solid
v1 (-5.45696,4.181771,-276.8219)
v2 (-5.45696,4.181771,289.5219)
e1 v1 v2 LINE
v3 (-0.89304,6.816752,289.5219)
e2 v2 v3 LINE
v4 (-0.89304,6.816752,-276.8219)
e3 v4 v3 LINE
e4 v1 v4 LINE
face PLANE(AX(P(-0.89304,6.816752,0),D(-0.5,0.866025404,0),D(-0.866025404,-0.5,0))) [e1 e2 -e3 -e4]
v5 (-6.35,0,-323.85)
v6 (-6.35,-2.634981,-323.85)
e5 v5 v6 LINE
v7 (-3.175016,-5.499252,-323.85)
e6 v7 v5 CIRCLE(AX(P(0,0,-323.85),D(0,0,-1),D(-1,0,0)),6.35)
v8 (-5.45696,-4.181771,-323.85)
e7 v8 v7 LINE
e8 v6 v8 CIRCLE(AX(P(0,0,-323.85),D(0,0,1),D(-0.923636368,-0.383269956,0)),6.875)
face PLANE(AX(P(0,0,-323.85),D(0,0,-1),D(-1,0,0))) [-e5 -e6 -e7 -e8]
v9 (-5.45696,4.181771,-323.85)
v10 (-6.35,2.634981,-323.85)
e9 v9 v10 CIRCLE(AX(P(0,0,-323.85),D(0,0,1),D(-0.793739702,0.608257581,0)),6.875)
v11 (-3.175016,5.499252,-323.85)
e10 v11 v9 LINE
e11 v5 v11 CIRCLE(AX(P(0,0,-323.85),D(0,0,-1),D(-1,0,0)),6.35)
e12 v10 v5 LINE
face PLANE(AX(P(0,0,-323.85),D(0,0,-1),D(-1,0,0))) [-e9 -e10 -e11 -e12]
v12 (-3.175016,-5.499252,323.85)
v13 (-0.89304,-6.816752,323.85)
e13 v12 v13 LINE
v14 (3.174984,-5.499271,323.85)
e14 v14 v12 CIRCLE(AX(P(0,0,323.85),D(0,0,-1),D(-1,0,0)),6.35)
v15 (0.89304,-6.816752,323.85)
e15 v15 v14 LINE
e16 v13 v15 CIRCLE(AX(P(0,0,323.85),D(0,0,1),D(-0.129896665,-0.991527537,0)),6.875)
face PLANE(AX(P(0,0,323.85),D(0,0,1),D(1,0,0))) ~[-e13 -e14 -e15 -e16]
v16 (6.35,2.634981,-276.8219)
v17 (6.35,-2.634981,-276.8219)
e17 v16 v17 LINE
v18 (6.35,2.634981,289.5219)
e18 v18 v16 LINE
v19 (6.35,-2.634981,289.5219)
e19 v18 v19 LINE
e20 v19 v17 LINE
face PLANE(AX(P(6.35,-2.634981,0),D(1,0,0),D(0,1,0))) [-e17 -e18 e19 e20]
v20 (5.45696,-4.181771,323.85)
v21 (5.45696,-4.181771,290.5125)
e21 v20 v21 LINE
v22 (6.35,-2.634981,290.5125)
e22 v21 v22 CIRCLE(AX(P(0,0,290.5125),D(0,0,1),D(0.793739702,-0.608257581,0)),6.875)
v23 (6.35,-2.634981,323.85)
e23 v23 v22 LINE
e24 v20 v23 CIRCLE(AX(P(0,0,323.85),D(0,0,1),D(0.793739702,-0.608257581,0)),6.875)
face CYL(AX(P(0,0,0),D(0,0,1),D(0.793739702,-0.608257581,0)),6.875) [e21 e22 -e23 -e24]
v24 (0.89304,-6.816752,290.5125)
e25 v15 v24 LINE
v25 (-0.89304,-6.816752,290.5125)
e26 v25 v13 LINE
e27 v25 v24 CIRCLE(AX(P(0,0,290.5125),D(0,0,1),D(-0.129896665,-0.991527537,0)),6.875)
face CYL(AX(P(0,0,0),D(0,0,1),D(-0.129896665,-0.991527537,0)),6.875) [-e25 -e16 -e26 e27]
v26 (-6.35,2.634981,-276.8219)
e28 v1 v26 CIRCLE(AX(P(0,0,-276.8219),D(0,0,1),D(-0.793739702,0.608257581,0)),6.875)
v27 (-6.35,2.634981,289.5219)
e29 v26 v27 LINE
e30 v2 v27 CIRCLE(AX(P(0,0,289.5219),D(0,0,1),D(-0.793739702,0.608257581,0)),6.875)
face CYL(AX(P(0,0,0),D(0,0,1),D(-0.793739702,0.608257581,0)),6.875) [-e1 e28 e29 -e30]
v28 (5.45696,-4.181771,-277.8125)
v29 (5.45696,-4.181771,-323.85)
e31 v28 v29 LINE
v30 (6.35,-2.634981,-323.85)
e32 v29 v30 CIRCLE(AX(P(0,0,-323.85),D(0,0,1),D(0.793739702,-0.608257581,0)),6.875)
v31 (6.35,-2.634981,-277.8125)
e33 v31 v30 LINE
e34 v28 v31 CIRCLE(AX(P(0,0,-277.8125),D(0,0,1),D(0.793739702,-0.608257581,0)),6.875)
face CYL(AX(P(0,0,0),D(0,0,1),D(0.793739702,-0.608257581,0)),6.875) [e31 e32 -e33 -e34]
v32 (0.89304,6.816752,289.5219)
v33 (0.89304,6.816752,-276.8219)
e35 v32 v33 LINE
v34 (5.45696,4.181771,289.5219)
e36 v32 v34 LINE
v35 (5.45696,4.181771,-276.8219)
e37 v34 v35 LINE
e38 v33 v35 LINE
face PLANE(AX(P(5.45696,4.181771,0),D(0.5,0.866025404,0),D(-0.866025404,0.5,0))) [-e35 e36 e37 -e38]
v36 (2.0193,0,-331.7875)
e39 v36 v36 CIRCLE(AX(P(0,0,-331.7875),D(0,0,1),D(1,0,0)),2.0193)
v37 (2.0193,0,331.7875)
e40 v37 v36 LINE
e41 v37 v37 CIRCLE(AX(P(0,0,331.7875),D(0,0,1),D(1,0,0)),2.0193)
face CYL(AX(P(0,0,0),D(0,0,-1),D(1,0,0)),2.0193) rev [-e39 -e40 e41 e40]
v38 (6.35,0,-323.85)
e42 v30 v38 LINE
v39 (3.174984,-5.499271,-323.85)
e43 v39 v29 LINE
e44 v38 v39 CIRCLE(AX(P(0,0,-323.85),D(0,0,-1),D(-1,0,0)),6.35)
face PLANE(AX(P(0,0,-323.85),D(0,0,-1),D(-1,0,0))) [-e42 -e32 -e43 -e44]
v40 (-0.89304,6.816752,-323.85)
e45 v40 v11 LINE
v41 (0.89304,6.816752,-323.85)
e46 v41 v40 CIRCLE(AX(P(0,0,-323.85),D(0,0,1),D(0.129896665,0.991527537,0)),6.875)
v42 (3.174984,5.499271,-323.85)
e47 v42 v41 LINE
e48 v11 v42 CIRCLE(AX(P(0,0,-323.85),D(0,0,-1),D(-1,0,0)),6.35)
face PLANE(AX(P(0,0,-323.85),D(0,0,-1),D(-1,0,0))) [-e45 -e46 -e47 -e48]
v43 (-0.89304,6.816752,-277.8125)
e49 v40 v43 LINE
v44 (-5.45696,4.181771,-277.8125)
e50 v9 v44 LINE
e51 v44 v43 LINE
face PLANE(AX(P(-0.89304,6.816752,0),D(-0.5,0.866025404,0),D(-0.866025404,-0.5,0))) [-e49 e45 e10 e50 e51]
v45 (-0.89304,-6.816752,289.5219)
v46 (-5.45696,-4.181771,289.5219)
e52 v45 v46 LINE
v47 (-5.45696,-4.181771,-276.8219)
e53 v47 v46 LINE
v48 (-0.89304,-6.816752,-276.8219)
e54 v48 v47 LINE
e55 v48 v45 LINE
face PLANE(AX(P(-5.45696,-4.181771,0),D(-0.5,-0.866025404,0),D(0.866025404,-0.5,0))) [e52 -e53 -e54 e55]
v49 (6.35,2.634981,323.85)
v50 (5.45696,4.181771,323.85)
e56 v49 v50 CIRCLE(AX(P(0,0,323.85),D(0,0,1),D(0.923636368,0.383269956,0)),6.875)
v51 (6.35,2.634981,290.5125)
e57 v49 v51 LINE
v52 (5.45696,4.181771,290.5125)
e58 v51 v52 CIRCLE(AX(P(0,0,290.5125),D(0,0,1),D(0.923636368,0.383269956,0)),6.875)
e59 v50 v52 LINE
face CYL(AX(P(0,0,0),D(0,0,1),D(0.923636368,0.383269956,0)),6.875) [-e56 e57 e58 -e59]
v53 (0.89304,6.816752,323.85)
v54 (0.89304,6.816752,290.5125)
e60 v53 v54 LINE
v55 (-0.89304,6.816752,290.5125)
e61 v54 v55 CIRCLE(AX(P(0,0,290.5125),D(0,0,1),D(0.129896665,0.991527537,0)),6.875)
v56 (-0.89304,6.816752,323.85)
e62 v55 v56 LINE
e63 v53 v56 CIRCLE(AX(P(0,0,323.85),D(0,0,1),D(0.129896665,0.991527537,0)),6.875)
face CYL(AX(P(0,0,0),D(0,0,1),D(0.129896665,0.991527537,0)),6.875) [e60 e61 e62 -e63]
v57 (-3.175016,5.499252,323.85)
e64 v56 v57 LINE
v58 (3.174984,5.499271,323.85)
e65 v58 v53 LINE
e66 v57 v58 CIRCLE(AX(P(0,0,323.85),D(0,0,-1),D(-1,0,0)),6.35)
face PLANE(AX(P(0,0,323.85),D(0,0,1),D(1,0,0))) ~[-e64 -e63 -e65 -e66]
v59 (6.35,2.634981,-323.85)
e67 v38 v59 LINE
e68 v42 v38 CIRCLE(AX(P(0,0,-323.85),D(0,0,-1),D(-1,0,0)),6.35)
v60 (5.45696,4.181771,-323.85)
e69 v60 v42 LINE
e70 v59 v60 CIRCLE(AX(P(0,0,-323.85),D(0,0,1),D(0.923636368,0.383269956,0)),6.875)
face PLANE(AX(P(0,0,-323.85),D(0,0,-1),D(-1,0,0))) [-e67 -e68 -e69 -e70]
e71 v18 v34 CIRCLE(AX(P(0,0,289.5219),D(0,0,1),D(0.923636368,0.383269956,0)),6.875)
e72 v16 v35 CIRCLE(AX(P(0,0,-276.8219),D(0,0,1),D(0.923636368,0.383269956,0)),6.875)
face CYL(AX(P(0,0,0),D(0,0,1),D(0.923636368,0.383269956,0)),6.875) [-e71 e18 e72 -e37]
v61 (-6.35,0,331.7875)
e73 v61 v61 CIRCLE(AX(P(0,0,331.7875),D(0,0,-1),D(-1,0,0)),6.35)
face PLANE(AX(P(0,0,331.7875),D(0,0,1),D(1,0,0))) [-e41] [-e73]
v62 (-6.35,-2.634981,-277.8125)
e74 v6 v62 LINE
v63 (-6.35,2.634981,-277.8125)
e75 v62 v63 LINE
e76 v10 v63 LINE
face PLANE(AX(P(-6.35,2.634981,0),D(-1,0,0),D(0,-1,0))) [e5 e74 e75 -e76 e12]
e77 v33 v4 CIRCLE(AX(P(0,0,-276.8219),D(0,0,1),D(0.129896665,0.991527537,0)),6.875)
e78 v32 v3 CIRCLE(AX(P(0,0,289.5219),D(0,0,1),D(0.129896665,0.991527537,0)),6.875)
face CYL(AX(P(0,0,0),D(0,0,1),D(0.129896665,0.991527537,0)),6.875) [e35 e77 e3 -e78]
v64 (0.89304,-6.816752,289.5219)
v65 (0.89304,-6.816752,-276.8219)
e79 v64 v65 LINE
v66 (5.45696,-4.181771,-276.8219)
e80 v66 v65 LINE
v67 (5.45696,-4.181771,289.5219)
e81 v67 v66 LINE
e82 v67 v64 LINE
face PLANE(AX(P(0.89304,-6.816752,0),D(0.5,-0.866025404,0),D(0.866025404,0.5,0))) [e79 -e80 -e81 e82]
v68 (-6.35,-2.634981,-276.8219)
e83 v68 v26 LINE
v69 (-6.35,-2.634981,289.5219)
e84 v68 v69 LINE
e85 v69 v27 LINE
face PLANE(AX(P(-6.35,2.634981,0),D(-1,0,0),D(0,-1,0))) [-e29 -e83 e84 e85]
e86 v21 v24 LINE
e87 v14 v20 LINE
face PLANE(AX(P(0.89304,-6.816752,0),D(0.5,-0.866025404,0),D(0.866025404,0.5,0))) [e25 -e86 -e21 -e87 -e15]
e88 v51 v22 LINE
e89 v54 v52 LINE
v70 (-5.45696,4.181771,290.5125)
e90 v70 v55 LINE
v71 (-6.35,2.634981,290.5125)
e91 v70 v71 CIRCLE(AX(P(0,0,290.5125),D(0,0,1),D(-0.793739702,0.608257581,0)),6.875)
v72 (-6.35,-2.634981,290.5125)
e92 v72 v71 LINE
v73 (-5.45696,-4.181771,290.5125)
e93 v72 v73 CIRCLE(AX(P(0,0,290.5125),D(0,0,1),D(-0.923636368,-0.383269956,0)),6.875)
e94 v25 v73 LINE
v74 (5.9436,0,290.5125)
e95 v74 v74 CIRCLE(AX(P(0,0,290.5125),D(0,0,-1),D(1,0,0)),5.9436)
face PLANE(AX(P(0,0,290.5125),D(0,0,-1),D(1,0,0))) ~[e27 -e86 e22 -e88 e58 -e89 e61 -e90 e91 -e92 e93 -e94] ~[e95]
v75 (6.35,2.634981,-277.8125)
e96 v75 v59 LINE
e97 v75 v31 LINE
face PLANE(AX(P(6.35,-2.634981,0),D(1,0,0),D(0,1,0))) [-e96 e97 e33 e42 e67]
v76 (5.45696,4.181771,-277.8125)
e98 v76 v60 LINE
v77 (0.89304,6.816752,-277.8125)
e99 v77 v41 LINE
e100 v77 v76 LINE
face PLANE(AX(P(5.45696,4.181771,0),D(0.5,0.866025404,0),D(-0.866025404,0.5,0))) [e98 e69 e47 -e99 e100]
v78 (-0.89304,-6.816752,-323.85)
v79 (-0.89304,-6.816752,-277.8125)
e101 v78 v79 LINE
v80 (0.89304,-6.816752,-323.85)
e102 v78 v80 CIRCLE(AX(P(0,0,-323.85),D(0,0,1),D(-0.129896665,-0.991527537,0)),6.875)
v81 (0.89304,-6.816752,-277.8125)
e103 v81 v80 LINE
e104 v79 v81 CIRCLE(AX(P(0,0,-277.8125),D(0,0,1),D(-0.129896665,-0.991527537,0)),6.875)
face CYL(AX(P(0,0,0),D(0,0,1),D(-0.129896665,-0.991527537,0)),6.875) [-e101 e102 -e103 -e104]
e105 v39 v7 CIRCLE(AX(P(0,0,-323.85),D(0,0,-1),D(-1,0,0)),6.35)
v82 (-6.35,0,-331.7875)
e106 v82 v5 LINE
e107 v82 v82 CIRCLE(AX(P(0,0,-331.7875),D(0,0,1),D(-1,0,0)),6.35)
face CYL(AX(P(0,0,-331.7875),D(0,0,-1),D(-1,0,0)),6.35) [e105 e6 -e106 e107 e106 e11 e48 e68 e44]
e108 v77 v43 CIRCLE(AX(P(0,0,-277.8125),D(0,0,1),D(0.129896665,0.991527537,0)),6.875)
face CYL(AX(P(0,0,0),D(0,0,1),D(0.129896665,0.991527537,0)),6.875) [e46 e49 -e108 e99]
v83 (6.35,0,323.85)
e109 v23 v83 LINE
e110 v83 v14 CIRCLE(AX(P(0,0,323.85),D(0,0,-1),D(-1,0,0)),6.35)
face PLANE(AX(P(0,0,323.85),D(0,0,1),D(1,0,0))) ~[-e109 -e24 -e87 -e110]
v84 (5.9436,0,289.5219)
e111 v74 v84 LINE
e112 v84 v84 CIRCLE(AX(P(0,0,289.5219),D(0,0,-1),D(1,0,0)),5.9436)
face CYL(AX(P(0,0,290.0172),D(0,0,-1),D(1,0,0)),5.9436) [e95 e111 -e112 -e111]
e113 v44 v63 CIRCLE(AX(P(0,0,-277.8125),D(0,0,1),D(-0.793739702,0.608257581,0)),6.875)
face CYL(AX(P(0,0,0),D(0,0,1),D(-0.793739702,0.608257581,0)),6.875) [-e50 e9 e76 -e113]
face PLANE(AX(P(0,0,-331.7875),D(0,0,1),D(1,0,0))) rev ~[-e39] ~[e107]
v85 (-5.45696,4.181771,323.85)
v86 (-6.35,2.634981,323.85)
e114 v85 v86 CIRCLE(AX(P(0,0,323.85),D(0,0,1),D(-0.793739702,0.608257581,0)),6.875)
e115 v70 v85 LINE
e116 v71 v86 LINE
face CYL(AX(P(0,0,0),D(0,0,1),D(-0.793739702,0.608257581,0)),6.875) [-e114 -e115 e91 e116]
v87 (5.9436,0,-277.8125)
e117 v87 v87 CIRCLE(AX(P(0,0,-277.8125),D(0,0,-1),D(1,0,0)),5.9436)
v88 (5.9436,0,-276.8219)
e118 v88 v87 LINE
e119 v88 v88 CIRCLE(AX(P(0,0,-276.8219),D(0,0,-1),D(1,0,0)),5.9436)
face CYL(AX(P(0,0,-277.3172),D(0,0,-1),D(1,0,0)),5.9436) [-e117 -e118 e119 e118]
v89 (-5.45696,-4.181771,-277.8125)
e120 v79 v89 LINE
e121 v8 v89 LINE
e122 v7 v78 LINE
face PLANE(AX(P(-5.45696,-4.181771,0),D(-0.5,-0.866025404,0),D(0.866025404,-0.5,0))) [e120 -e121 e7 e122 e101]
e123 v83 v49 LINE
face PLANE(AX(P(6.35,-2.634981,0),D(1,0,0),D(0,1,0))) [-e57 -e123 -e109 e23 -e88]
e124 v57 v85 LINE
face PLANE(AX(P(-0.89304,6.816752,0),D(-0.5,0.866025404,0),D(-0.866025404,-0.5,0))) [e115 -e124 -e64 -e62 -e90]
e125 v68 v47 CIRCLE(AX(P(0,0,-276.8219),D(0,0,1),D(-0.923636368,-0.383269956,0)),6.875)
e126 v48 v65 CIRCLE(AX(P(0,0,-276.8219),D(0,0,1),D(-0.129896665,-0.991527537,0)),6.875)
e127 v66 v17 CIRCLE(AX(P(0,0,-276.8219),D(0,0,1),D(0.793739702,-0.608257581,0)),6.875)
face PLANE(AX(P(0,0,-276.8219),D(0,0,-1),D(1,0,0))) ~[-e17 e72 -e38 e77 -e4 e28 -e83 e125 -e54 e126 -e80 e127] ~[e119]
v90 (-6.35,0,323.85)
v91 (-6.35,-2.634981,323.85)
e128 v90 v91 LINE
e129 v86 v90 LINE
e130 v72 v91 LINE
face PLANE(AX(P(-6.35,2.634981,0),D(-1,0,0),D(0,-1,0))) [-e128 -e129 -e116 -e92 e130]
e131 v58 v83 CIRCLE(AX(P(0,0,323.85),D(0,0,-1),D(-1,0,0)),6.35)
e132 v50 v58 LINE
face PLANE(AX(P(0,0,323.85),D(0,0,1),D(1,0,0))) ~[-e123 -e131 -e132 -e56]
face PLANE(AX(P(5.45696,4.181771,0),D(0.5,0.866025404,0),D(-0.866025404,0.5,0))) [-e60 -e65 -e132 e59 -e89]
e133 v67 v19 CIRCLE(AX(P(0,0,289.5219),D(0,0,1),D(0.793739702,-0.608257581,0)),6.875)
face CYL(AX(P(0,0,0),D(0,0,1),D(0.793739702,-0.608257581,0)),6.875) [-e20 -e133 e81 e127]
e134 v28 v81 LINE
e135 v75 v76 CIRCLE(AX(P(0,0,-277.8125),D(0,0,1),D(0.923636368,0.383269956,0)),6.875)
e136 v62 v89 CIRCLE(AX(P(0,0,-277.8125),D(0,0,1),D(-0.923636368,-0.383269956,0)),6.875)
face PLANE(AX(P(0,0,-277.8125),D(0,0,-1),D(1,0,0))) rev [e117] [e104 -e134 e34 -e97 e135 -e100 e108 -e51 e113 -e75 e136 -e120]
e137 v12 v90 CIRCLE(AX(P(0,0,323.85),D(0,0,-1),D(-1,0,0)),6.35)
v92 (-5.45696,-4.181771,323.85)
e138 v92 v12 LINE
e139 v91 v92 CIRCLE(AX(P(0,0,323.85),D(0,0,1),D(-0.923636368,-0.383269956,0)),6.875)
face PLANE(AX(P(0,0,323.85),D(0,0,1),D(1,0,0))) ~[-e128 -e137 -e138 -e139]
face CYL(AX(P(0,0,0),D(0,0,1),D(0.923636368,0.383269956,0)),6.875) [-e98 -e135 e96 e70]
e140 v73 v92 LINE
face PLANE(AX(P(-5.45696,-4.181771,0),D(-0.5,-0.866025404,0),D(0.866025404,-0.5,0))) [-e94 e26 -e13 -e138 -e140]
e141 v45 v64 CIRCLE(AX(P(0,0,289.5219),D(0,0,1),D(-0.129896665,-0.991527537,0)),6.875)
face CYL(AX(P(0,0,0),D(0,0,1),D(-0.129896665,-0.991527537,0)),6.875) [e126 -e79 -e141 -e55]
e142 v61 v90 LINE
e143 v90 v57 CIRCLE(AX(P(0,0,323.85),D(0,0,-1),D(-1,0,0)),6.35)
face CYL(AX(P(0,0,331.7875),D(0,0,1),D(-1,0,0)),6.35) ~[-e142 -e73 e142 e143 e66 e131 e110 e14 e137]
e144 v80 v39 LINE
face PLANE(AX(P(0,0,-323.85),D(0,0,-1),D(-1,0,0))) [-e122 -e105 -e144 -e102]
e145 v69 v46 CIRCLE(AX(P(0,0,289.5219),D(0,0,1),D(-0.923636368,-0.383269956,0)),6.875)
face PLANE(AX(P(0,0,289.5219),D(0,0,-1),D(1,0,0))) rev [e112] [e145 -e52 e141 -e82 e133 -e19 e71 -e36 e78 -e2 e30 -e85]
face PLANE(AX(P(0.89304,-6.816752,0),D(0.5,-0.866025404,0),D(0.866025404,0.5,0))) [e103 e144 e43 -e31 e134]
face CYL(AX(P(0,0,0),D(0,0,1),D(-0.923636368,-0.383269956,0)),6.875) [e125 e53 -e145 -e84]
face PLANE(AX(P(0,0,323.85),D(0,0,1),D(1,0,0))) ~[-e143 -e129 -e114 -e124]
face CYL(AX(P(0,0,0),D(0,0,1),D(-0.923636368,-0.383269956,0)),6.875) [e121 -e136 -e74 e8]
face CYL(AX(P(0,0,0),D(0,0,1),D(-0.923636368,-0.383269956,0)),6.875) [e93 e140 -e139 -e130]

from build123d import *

# Parameters (mm, degrees)
SKETCH1_R                            = 2.0193
BOSS_EXTRUDE1_DEPTH                  = 331.7875
SKETCH2_R                            = 8.89
SKETCH2_R_2                          = 6.35
CUT_EXTRUDE_THIN1_DEPTH              = 7.9375
SKETCH3_W                            = 2.21098701
SKETCH3_H                            = 0.9906
SKETCH3_W_2                          = 2.67360648
F_10_32_TAPPED_HOLE1_D               = 4.0386
F_10_32_TAPPED_HOLE1_DEPTH           = 12.02944
F_10_32_TAPPED_HOLE1_TIP             = 1.213317848
F_10_32_TAPPED_HOLE1_ON_FACE_2_D     = 4.0386
F_10_32_TAPPED_HOLE1_ON_FACE_2_DEPTH = 12.02944
F_10_32_TAPPED_HOLE1_ON_FACE_2_TIP   = 1.213317848


with BuildPart() as part:
    # Sketch1 → Boss-Extrude1 (new, symmetric)
    with BuildSketch(Plane.XY):
        with BuildLine():
            ThreePointArc((0.893039571, 6.816751782), (0, 6.874999966), (-0.893039571, 6.816751782))
            Line((-0.893039571, 6.816751782), (-5.456960429, 4.181770846))
            ThreePointArc((-5.456960429, 4.181770846), (-5.953924622, 3.437499983), (-6.35, 2.634980936))
            Line((-6.35, 2.634980936), (-6.35, -2.634980936))
            ThreePointArc((-6.35, -2.634980936), (-5.953924622, -3.437499983), (-5.456960429, -4.181770846))
            Line((-5.456960429, -4.181770846), (-0.893039571, -6.816751782))
            ThreePointArc((-0.893039571, -6.816751782), (0, -6.874999966), (0.893039571, -6.816751782))
            Line((0.893039571, -6.816751782), (5.456960429, -4.181770846))
            ThreePointArc((5.456960429, -4.181770846), (5.953924622, -3.437499983), (6.35, -2.634980936))
            Line((6.35, -2.634980936), (6.35, 2.634980936))
            ThreePointArc((6.35, 2.634980936), (5.953924622, 3.437499983), (5.456960429, 4.181770846))
            Line((5.456960429, 4.181770846), (0.893039571, 6.816751782))
        make_face()
        Circle(SKETCH1_R, mode=Mode.SUBTRACT)
    extrude(amount=BOSS_EXTRUDE1_DEPTH, both=True)

    # Sketch2 → Cut-Extrude-Thin1 (cut)
    with BuildSketch(Plane(origin=(0, 0, -331.7875), x_dir=(-1, 0, 0), z_dir=(0, 0, -1))):
        Circle(SKETCH2_R)
        Circle(SKETCH2_R_2, mode=Mode.SUBTRACT)
    cut_extrude_thin1 = extrude(amount=-CUT_EXTRUDE_THIN1_DEPTH, mode=Mode.SUBTRACT)

    # Sketch3 → Cut-Revolve4 (revolve, cut)
    with BuildSketch(Plane(origin=(0, 0, 0), x_dir=(1, 0, 0), z_dir=(0, 1, 0))):
        with Locations((7.049093505, -290.0172)):
            Rectangle(SKETCH3_W, SKETCH3_H)
        with Locations((7.28040324, 277.3172)):
            Rectangle(SKETCH3_W_2, SKETCH3_H)
    revolve(axis=Axis((0, 0, -323.85), (0, 0, -1)), mode=Mode.SUBTRACT)

    # Mirror1: Cut-Extrude-Thin1 across plane
    add(cut_extrude_thin1.mirror(Plane.XY), mode=Mode.SUBTRACT)

    # #10-32 Tapped Hole1
    with Locations(Plane(origin=(0, 0, -331.7875), x_dir=(-1, 0, 0), z_dir=(0, 0, -1))):
        with Locations((0, 0)):
            Hole(F_10_32_TAPPED_HOLE1_D / 2, depth=F_10_32_TAPPED_HOLE1_DEPTH)
            with Locations((0, 0, -(F_10_32_TAPPED_HOLE1_DEPTH + F_10_32_TAPPED_HOLE1_TIP / 2))):  # 118° drill point
                Cone(0, F_10_32_TAPPED_HOLE1_D / 2, F_10_32_TAPPED_HOLE1_TIP, mode=Mode.SUBTRACT)

    # #10-32 Tapped Hole1 on face 2
    with Locations(Plane(origin=(0, 0, 331.7875), x_dir=(-1, 0, 0), z_dir=(0, 0, -1))):
        with Locations((0, 0)):
            Hole(F_10_32_TAPPED_HOLE1_ON_FACE_2_D / 2, depth=F_10_32_TAPPED_HOLE1_ON_FACE_2_DEPTH)
            with Locations((0, 0, -(F_10_32_TAPPED_HOLE1_ON_FACE_2_DEPTH + F_10_32_TAPPED_HOLE1_ON_FACE_2_TIP / 2))):  # 118° drill point
                Cone(0, F_10_32_TAPPED_HOLE1_ON_FACE_2_D / 2, F_10_32_TAPPED_HOLE1_ON_FACE_2_TIP, mode=Mode.SUBTRACT)


solid = part.part
